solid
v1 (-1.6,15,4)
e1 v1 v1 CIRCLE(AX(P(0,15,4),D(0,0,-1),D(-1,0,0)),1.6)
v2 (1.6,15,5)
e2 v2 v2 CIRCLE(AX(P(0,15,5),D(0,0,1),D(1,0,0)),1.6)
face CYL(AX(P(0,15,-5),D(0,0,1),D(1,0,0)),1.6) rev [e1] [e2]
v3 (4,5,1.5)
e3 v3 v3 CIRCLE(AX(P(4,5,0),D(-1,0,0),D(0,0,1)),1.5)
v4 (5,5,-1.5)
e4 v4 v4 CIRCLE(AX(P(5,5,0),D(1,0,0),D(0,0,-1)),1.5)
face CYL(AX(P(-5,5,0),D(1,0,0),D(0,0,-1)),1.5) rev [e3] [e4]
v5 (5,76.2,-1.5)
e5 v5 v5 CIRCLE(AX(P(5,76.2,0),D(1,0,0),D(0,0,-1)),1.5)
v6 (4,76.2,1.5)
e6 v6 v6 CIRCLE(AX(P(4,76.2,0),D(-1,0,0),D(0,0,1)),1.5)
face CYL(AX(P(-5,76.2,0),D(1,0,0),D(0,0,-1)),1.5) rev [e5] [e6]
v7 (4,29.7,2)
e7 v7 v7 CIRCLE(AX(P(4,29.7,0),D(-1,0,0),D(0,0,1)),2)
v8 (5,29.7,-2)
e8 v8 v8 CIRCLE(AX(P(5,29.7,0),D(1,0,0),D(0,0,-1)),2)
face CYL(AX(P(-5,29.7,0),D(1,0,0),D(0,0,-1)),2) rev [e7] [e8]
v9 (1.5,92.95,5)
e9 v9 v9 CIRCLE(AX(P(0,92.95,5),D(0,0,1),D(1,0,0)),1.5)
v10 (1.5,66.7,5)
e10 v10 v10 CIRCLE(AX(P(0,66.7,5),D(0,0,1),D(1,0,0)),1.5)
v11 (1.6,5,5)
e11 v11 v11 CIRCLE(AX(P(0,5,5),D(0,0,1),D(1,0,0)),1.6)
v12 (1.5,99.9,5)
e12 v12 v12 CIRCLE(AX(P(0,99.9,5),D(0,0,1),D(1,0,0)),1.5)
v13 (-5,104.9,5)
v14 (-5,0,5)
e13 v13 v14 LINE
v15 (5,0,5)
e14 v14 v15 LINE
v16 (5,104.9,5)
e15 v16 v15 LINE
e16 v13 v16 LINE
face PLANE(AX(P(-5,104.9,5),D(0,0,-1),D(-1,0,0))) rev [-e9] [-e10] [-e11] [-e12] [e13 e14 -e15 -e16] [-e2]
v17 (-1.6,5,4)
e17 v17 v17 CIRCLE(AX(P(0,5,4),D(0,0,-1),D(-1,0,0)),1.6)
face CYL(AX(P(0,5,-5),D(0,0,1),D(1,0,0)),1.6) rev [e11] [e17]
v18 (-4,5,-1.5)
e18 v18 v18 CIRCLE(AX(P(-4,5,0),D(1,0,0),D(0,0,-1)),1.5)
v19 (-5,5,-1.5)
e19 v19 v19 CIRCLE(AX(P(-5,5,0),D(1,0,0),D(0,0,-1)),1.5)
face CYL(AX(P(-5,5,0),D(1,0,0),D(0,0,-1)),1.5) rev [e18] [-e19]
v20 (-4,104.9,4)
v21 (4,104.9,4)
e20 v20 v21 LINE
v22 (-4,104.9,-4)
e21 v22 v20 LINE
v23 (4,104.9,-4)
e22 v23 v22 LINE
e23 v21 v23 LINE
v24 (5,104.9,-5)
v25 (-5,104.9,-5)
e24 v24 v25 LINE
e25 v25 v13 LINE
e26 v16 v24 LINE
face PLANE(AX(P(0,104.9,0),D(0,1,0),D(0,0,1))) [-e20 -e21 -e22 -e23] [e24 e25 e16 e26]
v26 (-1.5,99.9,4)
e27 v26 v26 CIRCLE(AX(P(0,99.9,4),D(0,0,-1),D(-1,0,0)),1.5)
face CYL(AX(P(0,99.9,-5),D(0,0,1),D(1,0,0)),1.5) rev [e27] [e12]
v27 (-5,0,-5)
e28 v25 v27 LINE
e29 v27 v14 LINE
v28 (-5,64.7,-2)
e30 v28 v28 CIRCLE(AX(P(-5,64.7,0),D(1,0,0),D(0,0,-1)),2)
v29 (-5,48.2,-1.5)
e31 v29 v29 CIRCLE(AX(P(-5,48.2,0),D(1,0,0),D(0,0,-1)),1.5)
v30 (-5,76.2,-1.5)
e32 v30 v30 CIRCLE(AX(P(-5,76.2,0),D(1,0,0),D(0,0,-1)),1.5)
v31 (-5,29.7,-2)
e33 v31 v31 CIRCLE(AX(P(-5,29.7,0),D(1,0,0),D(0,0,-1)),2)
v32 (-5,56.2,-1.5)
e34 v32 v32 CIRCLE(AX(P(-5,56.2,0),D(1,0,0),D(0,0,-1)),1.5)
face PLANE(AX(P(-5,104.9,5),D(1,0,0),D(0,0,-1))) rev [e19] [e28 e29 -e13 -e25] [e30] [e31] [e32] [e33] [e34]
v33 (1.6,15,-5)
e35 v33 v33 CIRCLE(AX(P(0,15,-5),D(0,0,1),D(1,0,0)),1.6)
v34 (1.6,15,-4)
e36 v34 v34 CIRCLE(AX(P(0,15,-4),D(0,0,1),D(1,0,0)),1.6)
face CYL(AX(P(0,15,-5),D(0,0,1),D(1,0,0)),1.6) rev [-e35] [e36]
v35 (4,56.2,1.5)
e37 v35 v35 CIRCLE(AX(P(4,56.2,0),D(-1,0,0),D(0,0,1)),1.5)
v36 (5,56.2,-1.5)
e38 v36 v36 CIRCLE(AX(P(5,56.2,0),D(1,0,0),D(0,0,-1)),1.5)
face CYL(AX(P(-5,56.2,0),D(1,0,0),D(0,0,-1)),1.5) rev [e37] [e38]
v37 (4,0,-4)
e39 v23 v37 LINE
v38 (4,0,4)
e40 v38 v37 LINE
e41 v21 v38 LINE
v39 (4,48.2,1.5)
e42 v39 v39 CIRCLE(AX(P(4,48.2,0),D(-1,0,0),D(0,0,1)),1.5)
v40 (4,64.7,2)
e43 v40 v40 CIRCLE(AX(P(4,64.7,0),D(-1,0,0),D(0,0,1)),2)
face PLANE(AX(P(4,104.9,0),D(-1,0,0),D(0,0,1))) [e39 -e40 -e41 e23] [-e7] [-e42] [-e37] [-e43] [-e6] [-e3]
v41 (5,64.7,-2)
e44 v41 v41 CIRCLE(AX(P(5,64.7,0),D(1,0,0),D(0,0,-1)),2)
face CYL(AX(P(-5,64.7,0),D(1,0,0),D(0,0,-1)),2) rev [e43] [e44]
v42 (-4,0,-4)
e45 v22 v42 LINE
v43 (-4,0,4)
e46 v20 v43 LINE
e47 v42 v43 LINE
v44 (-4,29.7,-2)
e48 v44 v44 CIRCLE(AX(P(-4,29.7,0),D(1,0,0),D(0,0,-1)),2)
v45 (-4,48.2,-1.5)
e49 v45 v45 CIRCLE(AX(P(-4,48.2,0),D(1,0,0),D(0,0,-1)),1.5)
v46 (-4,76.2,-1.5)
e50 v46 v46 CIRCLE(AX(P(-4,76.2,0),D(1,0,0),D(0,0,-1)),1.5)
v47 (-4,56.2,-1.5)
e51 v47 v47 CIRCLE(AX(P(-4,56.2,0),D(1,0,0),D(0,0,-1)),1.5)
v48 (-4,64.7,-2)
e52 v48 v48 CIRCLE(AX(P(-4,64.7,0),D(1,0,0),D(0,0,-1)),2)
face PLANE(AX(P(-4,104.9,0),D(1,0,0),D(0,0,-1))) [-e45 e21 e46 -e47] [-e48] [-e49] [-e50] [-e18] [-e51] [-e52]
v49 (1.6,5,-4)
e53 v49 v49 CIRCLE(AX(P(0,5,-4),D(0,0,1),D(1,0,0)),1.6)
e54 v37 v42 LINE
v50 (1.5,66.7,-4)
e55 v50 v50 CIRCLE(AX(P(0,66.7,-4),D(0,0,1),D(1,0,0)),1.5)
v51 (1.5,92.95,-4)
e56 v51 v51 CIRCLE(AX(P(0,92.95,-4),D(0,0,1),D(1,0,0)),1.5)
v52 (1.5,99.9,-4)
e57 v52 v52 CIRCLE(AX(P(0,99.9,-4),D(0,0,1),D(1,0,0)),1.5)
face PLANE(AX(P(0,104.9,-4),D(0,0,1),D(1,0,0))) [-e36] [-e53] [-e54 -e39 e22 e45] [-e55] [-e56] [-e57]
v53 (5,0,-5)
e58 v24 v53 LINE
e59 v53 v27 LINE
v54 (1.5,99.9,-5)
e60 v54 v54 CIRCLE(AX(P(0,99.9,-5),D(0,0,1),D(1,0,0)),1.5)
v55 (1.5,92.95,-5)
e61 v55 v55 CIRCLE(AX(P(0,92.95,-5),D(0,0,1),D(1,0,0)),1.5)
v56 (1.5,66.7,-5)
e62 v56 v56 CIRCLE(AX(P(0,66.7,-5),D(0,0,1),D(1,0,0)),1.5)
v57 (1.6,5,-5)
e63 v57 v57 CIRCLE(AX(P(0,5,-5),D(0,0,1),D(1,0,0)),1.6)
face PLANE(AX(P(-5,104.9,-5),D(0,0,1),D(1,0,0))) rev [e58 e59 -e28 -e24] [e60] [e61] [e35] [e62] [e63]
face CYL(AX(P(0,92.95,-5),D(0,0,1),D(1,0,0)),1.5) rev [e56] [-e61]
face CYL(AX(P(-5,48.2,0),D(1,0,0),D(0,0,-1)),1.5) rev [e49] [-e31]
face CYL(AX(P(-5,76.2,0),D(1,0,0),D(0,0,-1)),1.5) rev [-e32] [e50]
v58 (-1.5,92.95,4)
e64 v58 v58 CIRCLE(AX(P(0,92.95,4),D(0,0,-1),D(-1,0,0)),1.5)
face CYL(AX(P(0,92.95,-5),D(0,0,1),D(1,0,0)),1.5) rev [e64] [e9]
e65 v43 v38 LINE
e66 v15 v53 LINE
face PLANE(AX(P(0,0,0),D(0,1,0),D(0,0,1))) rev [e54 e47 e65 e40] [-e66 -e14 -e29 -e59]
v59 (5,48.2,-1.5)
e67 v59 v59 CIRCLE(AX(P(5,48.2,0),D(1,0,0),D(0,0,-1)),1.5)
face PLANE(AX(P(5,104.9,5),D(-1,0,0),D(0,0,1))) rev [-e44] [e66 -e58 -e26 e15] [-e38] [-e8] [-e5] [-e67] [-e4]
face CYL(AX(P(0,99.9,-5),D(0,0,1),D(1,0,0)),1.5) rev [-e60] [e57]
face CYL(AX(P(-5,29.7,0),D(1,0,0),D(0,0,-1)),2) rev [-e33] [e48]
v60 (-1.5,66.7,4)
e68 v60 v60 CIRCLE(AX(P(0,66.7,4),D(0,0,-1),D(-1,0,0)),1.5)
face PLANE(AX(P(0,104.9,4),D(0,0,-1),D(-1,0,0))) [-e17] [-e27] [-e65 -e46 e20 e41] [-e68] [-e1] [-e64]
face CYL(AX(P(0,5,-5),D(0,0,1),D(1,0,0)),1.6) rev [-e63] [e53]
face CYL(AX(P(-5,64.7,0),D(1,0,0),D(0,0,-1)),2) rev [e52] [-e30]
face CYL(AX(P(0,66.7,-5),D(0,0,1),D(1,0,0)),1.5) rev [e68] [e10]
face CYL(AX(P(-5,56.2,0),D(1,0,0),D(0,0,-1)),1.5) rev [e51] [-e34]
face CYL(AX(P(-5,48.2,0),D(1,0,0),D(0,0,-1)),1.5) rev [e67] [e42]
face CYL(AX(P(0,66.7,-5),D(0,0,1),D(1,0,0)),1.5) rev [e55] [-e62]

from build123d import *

# Parameters (mm, degrees)
SKETCH_1_W          = 10
SKETCH_1_H          = 10
SKETCH_1_W_2        = 8
SKETCH_1_H_2        = 8
EXTRUDE_1_DEPTH     = 104.9
SKETCH_2_R          = 1.6
SKETCH_2_R_2        = 1.5
CUT_EXTRUDE_1_DEPTH = 106.494123059
SKETCH_3_R          = 1.5
SKETCH_3_R_2        = 2
CUT_EXTRUDE_2_DEPTH = 106.494123059


with BuildPart() as part:
    # ｽｹｯﾁ1 → 押し出し-薄板1 (new body)
    with BuildSketch(Plane(origin=(0, 0, 0), x_dir=(1, 0, 0), z_dir=(0, 1, 0))):
        Rectangle(SKETCH_1_W, SKETCH_1_H)
        Rectangle(SKETCH_1_W_2, SKETCH_1_H_2, mode=Mode.SUBTRACT)
    extrude(amount=EXTRUDE_1_DEPTH)

    # ｽｹｯﾁ2 → ｶｯﾄ - 押し出し1 (cut, through all)
    with BuildSketch(Plane.XY.offset(5)):
        with Locations((0, 5)):
            Circle(SKETCH_2_R)
        with Locations((0, 15)):
            Circle(SKETCH_2_R)
        with Locations((0, 92.95)):
            Circle(SKETCH_2_R_2)
        with Locations((0, 66.7)):
            Circle(SKETCH_2_R_2)
        with Locations((0, 99.9)):
            Circle(SKETCH_2_R_2)
    extrude(amount=-CUT_EXTRUDE_1_DEPTH, mode=Mode.SUBTRACT)

    # ｽｹｯﾁ3 → ｶｯﾄ - 押し出し2 (cut, through all)
    with BuildSketch(Plane(origin=(5, 0, 0), x_dir=(0, 0, -1), z_dir=(1, 0, 0))):
        with Locations((0, 76.2)):
            Circle(SKETCH_3_R)
        with Locations((0, 5)):
            Circle(SKETCH_3_R)
        with Locations((0, 64.7)):
            Circle(SKETCH_3_R_2)
        with Locations((0, 29.7)):
            Circle(SKETCH_3_R_2)
        with Locations((0, 48.2)):
            Circle(SKETCH_3_R)
        with Locations((0, 56.2)):
            Circle(SKETCH_3_R)
    extrude(amount=-CUT_EXTRUDE_2_DEPTH, mode=Mode.SUBTRACT)


solid = part.part
